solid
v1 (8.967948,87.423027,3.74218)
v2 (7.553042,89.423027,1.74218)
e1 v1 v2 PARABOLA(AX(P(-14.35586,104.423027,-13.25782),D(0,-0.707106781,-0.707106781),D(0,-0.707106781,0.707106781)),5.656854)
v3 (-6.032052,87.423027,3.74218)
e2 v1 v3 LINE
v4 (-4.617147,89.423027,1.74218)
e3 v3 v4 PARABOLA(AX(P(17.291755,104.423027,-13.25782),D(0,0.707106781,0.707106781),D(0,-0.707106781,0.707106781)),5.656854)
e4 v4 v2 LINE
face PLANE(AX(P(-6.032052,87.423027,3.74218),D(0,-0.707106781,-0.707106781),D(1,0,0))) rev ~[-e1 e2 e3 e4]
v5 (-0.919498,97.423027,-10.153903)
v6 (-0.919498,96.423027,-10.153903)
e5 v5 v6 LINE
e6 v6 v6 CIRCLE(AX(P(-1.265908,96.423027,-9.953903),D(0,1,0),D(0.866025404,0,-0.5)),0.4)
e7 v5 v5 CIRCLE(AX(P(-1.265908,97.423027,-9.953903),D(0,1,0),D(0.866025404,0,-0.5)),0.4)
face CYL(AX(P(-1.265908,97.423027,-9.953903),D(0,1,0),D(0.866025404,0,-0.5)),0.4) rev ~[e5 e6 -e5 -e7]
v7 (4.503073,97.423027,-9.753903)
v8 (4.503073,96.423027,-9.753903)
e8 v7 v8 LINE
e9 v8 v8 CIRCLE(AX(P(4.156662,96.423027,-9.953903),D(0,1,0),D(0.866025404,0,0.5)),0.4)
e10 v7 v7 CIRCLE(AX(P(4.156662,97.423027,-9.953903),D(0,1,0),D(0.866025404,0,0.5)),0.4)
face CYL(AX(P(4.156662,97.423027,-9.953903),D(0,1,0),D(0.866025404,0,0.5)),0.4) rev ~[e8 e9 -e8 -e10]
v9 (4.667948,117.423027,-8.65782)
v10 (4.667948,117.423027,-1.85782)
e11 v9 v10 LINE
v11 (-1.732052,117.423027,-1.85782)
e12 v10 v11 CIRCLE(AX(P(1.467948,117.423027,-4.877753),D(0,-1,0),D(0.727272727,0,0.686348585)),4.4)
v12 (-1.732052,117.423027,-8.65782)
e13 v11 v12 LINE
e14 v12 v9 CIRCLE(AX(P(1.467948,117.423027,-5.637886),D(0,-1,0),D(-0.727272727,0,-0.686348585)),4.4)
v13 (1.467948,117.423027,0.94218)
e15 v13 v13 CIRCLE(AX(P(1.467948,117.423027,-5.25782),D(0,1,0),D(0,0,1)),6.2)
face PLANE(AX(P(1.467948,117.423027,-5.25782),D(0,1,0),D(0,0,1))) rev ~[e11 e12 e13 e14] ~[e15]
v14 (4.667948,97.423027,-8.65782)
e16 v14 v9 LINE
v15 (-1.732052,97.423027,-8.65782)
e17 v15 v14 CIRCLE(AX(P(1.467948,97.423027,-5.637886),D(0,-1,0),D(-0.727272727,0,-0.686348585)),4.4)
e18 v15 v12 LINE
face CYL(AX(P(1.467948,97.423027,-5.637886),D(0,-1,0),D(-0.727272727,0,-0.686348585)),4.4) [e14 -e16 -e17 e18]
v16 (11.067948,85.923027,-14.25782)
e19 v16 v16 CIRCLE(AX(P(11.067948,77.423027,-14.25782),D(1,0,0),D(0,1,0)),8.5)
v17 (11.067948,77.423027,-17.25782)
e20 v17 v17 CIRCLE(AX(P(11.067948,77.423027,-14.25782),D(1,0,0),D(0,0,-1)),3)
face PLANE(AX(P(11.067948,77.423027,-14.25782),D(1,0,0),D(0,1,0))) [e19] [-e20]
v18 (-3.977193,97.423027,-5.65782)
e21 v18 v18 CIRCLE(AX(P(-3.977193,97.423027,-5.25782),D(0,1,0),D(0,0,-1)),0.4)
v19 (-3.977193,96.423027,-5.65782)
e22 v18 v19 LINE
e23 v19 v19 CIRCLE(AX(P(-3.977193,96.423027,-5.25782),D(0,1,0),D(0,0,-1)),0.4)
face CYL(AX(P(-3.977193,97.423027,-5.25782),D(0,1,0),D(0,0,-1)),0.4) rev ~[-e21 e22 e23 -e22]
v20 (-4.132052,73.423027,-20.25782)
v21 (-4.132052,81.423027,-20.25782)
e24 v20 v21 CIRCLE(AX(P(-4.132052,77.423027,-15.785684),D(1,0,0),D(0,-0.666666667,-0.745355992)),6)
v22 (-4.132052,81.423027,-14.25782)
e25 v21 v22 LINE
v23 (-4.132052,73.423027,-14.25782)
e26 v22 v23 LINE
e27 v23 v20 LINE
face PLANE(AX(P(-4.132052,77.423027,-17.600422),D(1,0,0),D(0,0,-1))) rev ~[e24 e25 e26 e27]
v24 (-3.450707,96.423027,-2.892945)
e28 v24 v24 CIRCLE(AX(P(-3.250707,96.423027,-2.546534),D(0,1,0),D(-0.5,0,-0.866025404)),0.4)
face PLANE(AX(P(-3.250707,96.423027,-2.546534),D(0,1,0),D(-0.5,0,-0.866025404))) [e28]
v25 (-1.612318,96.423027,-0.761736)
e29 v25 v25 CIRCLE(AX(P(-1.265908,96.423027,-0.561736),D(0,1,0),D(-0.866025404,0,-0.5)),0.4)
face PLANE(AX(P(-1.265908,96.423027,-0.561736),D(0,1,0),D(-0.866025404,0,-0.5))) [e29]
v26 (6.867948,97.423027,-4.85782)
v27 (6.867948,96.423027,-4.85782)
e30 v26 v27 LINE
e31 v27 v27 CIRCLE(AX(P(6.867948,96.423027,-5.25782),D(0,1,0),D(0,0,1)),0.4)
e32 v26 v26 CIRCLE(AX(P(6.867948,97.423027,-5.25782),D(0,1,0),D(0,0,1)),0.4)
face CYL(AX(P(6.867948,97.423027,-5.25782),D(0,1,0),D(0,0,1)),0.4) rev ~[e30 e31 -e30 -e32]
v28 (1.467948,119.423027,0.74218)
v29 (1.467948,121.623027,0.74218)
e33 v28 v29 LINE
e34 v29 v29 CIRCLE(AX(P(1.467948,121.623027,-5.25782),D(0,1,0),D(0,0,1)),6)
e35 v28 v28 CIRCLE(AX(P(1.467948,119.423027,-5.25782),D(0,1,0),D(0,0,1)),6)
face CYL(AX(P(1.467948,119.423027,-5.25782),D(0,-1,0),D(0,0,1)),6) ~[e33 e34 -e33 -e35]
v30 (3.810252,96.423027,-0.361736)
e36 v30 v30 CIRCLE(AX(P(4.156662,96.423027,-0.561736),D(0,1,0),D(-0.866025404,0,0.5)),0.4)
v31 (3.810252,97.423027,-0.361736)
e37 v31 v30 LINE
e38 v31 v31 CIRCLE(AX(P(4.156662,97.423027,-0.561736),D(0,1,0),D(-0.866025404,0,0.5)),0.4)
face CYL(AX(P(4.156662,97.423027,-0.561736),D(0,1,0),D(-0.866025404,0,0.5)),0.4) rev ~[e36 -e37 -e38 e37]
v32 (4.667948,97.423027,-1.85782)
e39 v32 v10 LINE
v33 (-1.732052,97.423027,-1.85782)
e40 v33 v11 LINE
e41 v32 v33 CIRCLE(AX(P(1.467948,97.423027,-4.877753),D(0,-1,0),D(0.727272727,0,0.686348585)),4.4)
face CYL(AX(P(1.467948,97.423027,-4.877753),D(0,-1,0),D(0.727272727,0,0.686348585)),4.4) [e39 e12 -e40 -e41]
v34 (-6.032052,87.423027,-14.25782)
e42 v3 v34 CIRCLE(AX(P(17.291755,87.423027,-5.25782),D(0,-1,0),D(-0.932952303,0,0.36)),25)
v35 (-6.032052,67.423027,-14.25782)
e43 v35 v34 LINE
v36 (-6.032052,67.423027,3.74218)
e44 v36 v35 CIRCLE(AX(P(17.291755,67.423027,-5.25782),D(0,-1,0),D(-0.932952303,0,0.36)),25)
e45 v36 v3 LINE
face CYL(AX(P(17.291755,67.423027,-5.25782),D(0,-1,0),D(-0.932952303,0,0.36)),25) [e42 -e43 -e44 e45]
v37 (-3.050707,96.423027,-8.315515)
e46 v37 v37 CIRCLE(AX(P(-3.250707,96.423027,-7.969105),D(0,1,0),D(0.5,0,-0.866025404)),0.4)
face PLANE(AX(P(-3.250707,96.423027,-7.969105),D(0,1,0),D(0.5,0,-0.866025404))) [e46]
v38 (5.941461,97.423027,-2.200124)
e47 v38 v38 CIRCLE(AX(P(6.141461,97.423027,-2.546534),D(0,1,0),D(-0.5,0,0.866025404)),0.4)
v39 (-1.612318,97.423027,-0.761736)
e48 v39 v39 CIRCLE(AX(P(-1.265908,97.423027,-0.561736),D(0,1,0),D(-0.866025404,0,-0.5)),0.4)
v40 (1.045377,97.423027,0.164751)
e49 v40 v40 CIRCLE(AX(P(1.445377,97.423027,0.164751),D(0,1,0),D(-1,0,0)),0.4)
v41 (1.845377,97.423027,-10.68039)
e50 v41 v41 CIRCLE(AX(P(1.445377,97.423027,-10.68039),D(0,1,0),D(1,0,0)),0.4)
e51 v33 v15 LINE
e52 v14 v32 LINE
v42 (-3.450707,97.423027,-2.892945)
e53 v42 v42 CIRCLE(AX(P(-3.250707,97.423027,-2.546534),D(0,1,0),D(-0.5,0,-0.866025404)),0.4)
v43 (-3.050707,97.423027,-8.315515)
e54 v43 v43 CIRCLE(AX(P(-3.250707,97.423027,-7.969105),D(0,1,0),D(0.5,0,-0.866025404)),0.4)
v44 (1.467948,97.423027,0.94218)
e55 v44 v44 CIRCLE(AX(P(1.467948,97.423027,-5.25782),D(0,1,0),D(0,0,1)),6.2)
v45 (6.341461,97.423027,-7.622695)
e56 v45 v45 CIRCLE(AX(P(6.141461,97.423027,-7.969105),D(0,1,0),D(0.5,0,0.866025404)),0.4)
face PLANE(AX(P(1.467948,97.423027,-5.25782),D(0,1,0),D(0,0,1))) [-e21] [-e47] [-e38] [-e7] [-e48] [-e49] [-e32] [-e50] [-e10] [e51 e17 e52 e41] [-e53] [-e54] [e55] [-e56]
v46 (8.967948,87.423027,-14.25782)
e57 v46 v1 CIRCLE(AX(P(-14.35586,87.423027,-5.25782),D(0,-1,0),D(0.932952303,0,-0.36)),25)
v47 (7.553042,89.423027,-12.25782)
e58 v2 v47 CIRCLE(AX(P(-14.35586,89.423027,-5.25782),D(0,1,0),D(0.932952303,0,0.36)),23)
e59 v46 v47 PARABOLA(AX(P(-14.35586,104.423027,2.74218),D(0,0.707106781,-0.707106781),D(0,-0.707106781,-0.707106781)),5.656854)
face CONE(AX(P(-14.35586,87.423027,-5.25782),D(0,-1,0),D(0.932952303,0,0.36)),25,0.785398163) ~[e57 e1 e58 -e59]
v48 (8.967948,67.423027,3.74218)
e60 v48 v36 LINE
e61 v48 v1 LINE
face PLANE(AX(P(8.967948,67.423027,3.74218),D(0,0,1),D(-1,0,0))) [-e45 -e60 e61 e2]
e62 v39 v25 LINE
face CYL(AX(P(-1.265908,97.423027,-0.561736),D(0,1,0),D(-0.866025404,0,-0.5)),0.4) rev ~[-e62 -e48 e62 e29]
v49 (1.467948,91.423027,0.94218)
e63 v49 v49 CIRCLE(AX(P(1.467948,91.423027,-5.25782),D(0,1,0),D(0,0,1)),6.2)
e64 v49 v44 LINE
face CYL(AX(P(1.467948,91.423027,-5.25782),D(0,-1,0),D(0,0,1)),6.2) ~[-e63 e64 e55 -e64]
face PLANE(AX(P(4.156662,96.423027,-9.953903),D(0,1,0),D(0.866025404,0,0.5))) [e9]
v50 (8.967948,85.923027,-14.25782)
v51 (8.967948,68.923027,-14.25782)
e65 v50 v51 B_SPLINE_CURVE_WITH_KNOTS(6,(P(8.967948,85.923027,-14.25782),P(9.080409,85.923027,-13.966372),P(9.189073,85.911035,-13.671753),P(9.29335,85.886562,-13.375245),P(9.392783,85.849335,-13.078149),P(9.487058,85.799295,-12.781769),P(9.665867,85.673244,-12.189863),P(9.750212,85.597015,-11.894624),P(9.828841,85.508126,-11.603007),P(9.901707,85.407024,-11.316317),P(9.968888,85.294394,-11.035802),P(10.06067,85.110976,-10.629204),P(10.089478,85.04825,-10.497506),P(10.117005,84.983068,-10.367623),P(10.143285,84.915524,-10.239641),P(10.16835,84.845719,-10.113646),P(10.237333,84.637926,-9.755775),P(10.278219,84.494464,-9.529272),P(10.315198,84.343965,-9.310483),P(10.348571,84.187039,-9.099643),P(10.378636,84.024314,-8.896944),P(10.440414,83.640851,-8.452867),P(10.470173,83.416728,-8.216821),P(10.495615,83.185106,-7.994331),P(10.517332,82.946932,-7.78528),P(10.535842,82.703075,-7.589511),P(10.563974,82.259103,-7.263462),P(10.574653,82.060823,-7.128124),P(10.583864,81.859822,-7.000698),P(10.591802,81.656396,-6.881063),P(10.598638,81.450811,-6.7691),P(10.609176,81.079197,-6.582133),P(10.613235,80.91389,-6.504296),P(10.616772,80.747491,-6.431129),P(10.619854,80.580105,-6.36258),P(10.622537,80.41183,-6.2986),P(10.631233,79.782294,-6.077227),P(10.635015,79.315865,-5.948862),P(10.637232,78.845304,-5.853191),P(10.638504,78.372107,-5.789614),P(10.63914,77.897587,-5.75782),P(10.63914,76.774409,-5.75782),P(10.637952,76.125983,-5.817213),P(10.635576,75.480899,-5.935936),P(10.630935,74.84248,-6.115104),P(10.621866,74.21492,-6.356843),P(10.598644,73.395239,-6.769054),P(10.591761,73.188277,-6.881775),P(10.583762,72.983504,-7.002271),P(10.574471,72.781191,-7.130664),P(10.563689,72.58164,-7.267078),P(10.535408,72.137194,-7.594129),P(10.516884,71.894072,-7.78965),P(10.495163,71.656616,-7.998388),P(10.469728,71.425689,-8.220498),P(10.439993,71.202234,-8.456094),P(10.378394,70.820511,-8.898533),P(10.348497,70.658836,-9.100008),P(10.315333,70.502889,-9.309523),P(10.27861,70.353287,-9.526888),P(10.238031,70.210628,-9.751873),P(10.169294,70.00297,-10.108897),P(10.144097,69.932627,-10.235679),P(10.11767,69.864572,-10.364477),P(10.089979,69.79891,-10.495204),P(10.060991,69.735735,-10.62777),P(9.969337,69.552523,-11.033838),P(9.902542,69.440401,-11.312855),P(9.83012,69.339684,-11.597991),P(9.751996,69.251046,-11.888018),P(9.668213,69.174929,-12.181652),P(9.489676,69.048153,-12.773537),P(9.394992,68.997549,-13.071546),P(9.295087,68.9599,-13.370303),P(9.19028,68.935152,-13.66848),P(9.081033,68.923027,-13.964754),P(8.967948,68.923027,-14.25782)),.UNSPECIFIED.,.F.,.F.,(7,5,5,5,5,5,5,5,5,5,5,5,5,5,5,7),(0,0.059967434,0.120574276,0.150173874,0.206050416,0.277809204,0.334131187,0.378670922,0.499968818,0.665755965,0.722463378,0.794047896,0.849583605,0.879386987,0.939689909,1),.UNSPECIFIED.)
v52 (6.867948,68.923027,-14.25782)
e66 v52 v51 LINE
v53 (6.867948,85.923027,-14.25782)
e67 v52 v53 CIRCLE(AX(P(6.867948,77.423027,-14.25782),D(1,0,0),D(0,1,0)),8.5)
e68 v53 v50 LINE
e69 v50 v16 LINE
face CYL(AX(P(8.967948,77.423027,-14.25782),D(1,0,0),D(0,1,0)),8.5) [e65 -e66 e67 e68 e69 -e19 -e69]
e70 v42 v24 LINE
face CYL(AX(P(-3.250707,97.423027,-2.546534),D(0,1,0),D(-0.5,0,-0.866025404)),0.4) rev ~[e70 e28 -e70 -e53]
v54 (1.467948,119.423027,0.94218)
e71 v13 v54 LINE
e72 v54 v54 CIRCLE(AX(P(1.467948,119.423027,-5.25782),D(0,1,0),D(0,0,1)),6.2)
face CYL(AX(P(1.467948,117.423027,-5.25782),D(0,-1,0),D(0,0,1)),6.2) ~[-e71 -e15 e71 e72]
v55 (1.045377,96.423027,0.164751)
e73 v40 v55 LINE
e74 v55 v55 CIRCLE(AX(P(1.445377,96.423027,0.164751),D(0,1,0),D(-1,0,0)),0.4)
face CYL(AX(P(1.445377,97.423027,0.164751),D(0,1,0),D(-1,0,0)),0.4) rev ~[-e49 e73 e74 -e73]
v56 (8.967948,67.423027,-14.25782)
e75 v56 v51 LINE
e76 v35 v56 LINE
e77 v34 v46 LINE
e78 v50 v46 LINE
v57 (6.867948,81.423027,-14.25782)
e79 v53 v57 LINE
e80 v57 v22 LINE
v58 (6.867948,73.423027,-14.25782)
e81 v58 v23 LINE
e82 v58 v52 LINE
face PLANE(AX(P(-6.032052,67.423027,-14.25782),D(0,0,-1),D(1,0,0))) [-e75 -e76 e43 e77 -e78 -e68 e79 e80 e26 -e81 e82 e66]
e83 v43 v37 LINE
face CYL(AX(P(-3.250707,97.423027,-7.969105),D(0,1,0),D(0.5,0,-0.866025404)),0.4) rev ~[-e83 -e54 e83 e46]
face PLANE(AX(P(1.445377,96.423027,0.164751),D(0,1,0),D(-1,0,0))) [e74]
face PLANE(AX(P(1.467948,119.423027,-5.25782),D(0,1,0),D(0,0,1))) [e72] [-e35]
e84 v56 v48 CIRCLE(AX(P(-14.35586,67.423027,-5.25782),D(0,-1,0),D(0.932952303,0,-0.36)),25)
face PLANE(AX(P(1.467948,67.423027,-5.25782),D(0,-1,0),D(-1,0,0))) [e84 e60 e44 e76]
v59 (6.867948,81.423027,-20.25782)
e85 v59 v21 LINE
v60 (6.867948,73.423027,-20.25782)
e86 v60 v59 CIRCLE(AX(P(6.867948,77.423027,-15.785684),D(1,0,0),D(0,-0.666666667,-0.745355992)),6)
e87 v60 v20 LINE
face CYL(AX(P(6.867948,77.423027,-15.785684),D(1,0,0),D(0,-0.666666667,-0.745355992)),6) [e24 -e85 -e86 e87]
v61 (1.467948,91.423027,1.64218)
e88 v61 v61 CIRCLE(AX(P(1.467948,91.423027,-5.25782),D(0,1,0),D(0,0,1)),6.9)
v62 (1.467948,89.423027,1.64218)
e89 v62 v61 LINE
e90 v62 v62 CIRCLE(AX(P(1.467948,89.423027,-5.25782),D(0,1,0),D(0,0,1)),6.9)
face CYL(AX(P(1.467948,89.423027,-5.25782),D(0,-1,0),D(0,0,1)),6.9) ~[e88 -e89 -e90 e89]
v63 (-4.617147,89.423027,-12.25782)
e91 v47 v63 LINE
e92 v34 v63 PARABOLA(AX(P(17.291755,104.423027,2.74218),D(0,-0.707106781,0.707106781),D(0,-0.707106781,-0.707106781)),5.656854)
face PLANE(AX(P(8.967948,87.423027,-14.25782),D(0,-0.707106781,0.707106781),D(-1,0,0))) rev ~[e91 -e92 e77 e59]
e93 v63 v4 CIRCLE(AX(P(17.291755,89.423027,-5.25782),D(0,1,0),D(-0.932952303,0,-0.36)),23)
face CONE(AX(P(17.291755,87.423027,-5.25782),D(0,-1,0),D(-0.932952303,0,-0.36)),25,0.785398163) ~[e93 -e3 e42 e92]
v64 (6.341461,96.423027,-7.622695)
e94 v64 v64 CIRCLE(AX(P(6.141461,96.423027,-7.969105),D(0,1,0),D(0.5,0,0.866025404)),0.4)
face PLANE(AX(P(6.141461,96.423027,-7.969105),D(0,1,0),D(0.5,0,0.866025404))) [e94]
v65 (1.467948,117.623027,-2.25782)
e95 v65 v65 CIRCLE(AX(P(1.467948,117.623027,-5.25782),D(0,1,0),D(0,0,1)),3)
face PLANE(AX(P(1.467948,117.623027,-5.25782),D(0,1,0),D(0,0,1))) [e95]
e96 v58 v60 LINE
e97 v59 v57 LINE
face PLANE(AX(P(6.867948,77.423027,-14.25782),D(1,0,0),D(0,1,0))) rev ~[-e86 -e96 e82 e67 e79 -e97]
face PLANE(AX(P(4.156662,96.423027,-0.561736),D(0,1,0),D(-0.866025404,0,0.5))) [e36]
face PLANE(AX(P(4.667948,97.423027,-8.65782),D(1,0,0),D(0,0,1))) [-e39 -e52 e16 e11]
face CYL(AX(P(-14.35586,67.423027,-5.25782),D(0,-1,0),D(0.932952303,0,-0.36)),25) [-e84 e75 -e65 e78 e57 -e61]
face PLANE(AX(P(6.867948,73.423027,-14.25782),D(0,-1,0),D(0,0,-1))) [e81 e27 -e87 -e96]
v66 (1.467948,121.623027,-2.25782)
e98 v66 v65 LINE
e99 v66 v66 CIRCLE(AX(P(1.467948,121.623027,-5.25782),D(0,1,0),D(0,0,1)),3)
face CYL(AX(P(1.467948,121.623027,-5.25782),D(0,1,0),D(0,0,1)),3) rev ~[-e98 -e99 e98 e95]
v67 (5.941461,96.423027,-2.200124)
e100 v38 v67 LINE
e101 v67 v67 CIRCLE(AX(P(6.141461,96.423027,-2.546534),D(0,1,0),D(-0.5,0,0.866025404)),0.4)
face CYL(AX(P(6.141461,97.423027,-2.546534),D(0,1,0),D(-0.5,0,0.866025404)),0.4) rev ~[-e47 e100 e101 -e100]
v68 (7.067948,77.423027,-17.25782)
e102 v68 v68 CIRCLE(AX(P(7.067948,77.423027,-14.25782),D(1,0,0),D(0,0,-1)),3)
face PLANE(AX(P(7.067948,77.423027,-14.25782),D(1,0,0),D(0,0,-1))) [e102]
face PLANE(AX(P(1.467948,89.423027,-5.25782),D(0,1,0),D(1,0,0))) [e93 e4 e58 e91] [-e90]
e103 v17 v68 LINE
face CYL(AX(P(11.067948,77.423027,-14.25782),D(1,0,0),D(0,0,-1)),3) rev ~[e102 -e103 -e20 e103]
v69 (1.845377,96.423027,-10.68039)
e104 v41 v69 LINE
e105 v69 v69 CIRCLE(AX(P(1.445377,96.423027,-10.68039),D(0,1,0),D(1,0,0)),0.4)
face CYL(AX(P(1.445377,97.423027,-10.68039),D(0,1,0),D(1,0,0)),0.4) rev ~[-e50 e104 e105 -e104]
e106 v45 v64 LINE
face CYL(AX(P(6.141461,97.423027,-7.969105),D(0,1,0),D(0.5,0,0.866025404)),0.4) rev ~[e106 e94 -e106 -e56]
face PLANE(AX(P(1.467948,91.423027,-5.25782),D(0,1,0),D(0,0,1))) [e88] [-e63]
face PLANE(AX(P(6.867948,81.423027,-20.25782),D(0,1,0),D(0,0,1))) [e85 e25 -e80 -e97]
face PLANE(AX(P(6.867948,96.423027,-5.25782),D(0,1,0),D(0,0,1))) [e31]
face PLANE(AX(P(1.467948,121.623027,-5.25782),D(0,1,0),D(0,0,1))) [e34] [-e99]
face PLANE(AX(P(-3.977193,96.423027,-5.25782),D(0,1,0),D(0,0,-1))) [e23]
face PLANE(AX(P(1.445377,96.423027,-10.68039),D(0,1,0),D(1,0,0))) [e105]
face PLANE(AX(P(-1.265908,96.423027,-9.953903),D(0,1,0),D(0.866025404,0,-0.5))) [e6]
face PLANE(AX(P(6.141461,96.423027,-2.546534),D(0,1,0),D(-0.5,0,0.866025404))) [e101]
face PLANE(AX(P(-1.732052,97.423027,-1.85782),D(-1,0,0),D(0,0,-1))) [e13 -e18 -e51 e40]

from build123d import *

# Parameters (mm, degrees)
BOSS_EXTRUDE1_DEPTH = 100
BOSS_EXTRUDE2_DEPTH = 10
BOSS_EXTRUDE2_DRAFT = 45
SKETCH3_R           = 34.5
BOSS_EXTRUDE3_DEPTH = 10
SKETCH4_R           = 31
BOSS_EXTRUDE4_DEPTH = 30
SKETCH5_R           = 2
CUT_EXTRUDE1_DEPTH  = 5
CIRPATTERN1_COUNT   = 12
BOSS_EXTRUDE5_DEPTH = 100
SKETCH7_R           = 31
BOSS_EXTRUDE6_DEPTH = 10
SKETCH8_R           = 30
BOSS_EXTRUDE7_DEPTH = 11
SKETCH10_R          = 42.5
BOSS_EXTRUDE8_DEPTH = 10.5
BOSS_EXTRUDE9_DEPTH = 55
SKETCH12_R          = 15
CUT_EXTRUDE2_DEPTH  = 20
SKETCH13_R          = 15
CUT_EXTRUDE3_DEPTH  = 20
L_EK1_SCALE         = 0.2


with BuildPart() as part:
    # Sketch1 → Boss-Extrude1 (new body)
    with BuildSketch(Plane(origin=(0, 0, 0), x_dir=(1, 0, 0), z_dir=(0, 1, 0))):
        with BuildLine():
            Line((-37.5, 45), (37.5, 45))
            ThreePointArc((37.5, 45), (45.880962103, 0), (37.5, -45))
            Line((37.5, -45), (-37.5, -45))
            ThreePointArc((-37.5, -45), (-45.880962103, 0), (-37.5, 45))
        make_face()
    extrude(amount=BOSS_EXTRUDE1_DEPTH)


with BuildPart() as boss_extrude2_tool:
    # Sketch2 → Boss-Extrude2 (with draft: the straight prism first)
    with BuildSketch(Plane(origin=(0, 100, 0), x_dir=(1, 0, 0), z_dir=(0, 1, 0))):
        with BuildLine():
            Line((-37.5, -45), (37.5, -45))
            ThreePointArc((37.5, -45), (45.880962103, 0), (37.5, 45))
            Line((37.5, 45), (-37.5, 45))
            ThreePointArc((-37.5, 45), (-45.880962103, 0), (-37.5, -45))
        make_face()
    extrude(amount=BOSS_EXTRUDE2_DEPTH)
    # Boss-Extrude2: the draft: its side faces are tilted about the plane it starts from
    boss_extrude2_sides = [boss_extrude2_tool.faces().sort_by_distance(p)[0] for p in [
        (0, 105, -45),
        (-45.880962103, 105, 0),
        (0, 105, 45),
        (45.880962103, 105, 0),
    ]]
    draft(boss_extrude2_sides, Plane(origin=(0, 100, 0), x_dir=(1, 0, 0), z_dir=(0, 1, 0)), BOSS_EXTRUDE2_DRAFT)


with BuildPart() as part_1:
    add(part.part)

    # Boss-Extrude2: add boss_extrude2_tool
    add(boss_extrude2_tool.part)

    # Sketch3 → Boss-Extrude3 (add)
    with BuildSketch(Plane(origin=(0, 110, 0), x_dir=(1, 0, 0), z_dir=(0, 1, 0))):
        with Locations(Location((0, 0, 0), (0, 0, 270))):
            Circle(SKETCH3_R)
    extrude(amount=BOSS_EXTRUDE3_DEPTH)

    # Sketch4 → Boss-Extrude4 (add)
    with BuildSketch(Plane(origin=(0, 120, 0), x_dir=(1, 0, 0), z_dir=(0, 1, 0))):
        with Locations(Location((0, 0, 0), (0, 0, 270))):
            Circle(SKETCH4_R)
    extrude(amount=BOSS_EXTRUDE4_DEPTH)

    # Sketch5 → Cut-Extrude1 (cut)
    with BuildSketch(Plane(origin=(0, 150, 0), x_dir=(1, 0, 0), z_dir=(0, 1, 0))):
        with Locations(Location((27, 0, 0), (0, 0, 270))):
            Circle(SKETCH5_R)
    cut_extrude1 = extrude(amount=-CUT_EXTRUDE1_DEPTH, mode=Mode.SUBTRACT)

    # CirPattern1: Cut-Extrude1 ×12 about axis
    cirpattern1_axis = Axis((-0.112852665, 0, 0), (0, 1, 0))
    for i in range(1, CIRPATTERN1_COUNT):
        add(cut_extrude1.rotate(cirpattern1_axis, i * 360 / CIRPATTERN1_COUNT), mode=Mode.SUBTRACT)

    # Sketch6 → Boss-Extrude5 (add)
    with BuildSketch(Plane(origin=(0, 150, 0), x_dir=(1, 0, 0), z_dir=(0, 1, 0))):
        with BuildLine():
            Line((-16, -17), (-16, 17))
            ThreePointArc((-16, 17), (0, 23.900331129), (16, 17))
            Line((16, 17), (16, -17))
            ThreePointArc((16, -17), (0, -23.900331129), (-16, -17))
        make_face()
    extrude(amount=BOSS_EXTRUDE5_DEPTH)

    # Sketch7 → Boss-Extrude6 (add)
    with BuildSketch(Plane(origin=(0, 250, 0), x_dir=(1, 0, 0), z_dir=(0, 1, 0))):
        with Locations(Location((0, 0, 0), (0, 0, 270))):
            Circle(SKETCH7_R)
    extrude(amount=BOSS_EXTRUDE6_DEPTH)

    # Sketch8 → Boss-Extrude7 (add)
    with BuildSketch(Plane(origin=(0, 260, 0), x_dir=(1, 0, 0), z_dir=(0, 1, 0))):
        with Locations(Location((0, 0, 0), (0, 0, 270))):
            Circle(SKETCH8_R)
    extrude(amount=BOSS_EXTRUDE7_DEPTH)

    # Sketch10 → Boss-Extrude8 (add, symmetric)
    with BuildSketch(Plane(origin=(37.5, 0, 0), x_dir=(0, 0, -1), z_dir=(1, 0, 0))):
        with Locations(Location((45, 50, 0), (0, 0, 90))):
            Circle(SKETCH10_R)
    extrude(amount=BOSS_EXTRUDE8_DEPTH, both=True)

    # Sketch11 → Boss-Extrude9 (add)
    with BuildSketch(Plane.ZY.offset(-27)):
        with BuildLine():
            Line((-45, 30), (-75, 30))
            ThreePointArc((-75, 30), (-82.639320225, 50), (-75, 70))
            Line((-75, 70), (-45, 70))
            Line((-45, 70), (-45, 30))
        make_face()
    extrude(amount=BOSS_EXTRUDE9_DEPTH)

    # Sketch12 → Cut-Extrude2 (cut)
    with BuildSketch(Plane(origin=(0, 271, 0), x_dir=(1, 0, 0), z_dir=(0, 1, 0))):
        with Locations(Location((0, 0, 0), (0, 0, 270))):
            Circle(SKETCH12_R)
    extrude(amount=-CUT_EXTRUDE2_DEPTH, mode=Mode.SUBTRACT)

    # Sketch13 → Cut-Extrude3 (cut)
    with BuildSketch(Plane(origin=(48, 0, 0), x_dir=(0, 0, -1), z_dir=(1, 0, 0))):
        with Locations((45, 50)):
            Circle(SKETCH13_R)
    extrude(amount=-CUT_EXTRUDE3_DEPTH, mode=Mode.SUBTRACT)


with BuildPart() as part_2:
    # Ölçek1: scaled about (1.834934624, 84.278783532, -6.572274509)
    add(part_1.part.scale(L_EK1_SCALE).moved(Location((1.467947699, 67.423026826, -5.257819607))))


solid = part_2.part
